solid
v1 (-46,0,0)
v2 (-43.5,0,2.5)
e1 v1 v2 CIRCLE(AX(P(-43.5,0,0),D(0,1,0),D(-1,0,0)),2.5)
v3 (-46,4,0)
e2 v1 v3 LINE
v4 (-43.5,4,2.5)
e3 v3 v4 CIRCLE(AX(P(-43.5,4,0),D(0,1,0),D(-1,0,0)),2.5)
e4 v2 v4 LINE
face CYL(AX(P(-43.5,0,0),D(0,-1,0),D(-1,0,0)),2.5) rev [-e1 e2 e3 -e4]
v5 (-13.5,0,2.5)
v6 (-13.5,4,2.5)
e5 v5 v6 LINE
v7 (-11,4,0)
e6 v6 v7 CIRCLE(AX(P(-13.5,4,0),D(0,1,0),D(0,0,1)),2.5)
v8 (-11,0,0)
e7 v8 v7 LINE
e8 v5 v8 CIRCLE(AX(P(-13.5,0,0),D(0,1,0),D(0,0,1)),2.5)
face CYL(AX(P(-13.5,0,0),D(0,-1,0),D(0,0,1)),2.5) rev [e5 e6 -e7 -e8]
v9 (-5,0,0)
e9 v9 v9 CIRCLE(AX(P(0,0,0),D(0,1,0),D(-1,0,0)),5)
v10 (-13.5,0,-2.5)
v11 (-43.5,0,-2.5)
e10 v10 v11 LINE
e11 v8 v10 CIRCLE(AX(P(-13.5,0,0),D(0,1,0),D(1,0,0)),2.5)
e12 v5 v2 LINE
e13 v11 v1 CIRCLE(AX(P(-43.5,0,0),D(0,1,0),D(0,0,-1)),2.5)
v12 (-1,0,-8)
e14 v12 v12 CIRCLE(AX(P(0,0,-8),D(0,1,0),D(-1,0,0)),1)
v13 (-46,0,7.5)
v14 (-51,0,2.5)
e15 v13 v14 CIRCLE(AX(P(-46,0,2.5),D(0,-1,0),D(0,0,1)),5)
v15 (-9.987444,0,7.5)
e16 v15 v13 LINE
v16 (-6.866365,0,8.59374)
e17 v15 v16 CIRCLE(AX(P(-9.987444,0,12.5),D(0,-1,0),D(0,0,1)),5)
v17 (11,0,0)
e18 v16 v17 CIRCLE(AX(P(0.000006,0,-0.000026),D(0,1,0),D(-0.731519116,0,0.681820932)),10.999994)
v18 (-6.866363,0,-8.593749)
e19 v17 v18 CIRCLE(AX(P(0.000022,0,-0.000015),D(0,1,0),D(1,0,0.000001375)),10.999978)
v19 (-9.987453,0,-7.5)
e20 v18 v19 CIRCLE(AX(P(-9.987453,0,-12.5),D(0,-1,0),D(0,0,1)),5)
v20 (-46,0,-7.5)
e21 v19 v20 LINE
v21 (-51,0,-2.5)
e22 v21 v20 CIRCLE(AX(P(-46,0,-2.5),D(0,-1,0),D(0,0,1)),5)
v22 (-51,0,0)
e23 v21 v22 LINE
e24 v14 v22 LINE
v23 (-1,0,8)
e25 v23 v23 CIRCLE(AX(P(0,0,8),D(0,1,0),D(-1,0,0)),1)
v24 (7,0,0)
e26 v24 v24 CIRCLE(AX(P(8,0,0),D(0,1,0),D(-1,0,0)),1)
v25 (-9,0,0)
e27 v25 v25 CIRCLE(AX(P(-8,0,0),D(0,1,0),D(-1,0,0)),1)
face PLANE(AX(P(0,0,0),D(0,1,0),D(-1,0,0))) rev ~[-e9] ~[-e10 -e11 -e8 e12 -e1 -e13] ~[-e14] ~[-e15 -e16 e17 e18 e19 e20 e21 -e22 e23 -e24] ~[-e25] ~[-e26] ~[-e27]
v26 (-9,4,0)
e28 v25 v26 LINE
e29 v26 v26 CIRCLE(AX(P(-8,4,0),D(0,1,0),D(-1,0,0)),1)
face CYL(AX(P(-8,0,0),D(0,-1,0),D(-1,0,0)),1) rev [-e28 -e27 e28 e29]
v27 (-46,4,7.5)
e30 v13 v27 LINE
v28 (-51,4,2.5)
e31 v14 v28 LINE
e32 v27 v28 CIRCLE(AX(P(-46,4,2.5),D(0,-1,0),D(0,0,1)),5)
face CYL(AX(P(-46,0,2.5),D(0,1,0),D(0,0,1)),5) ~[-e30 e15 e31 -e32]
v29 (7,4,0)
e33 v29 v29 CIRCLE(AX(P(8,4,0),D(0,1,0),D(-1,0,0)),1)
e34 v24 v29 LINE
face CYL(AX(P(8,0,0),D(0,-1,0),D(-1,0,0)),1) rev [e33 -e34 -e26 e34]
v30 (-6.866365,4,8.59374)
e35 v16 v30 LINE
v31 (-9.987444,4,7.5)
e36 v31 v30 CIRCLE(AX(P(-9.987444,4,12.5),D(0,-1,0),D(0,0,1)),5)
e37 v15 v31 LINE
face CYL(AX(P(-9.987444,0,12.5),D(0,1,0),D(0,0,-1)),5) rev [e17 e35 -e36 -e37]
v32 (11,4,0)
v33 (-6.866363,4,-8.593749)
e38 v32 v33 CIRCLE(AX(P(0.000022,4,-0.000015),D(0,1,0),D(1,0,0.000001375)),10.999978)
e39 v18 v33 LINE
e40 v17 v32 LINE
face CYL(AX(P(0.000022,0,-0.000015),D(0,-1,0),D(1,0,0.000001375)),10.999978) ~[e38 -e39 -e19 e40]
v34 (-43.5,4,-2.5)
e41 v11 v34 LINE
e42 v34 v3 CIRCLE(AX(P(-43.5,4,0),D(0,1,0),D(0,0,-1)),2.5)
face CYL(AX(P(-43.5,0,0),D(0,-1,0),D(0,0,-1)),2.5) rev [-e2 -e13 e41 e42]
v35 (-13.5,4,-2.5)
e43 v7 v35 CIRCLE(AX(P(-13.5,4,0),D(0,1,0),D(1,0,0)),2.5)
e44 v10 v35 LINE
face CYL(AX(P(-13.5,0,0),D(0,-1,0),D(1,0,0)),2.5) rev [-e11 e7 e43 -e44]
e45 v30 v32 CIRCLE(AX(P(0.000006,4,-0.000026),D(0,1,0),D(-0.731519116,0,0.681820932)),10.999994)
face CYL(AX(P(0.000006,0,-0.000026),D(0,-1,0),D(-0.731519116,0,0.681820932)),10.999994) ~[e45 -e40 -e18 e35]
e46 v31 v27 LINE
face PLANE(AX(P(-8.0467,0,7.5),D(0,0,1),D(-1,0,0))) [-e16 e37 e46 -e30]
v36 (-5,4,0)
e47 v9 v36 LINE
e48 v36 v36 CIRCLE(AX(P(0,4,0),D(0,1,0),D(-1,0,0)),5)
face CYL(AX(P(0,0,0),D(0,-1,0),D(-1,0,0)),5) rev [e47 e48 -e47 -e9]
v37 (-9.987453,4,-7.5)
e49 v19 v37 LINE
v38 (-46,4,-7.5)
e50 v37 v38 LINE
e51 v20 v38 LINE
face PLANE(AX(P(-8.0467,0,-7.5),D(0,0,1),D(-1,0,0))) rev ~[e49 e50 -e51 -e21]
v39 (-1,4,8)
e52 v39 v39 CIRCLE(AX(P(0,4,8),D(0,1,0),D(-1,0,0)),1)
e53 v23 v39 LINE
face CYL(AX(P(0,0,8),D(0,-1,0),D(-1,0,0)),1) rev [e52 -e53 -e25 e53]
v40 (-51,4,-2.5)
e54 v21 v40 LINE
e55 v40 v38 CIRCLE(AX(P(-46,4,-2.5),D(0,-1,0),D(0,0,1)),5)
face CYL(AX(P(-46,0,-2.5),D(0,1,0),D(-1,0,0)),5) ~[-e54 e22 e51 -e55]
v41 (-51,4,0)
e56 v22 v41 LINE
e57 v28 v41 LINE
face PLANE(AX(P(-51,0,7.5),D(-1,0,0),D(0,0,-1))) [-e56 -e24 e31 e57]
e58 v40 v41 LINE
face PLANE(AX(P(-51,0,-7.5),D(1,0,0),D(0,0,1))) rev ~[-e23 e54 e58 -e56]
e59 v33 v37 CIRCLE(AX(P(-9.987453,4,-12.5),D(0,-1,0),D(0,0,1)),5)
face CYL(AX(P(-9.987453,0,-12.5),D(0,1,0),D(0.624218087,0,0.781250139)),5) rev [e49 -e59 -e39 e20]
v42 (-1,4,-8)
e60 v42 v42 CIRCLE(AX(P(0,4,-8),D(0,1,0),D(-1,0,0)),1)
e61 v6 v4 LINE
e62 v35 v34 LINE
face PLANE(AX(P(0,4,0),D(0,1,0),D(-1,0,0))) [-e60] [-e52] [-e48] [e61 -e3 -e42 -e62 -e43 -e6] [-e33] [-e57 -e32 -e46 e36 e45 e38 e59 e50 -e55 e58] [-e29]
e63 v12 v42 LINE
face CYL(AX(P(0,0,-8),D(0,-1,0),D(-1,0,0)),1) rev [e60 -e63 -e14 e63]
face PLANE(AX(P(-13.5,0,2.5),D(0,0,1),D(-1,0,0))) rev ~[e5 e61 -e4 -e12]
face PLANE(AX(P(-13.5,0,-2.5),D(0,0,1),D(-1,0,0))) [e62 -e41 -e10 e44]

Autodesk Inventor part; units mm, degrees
ref_plane "YZ Plane" through (0, 0, 0) normal (1, 0, 0) x (0, 1, 0)
ref_plane "XZ Plane" through (0, 0, 0) normal (0, 1, 0) x (-1, 0, 0)
ref_plane "XY Plane" through (0, 0, 0) normal (0, 0, 1) x (1, 0, 0)
sketch "Esquisse1" plane through (0, 0, 0) normal (0, 1, 0) x (-1, 0, 0)
  circle A0 centre (8, 0) radius 1
  circle A1 centre (0, 8) radius 1
  circle A2 centre (-8, 0) radius 1
  circle A3 centre (0, -8) radius 1
  line L0 (0, 0) -> (-8, 0) construction
  circle A4 centre (0, 0) radius 11 construction
  line L1 (0, 0) -> (77, 0) construction
  line L2 (0, 0) -> (0, 2.5) construction
  line L3 (0, 2.5) -> (0, 7.5) construction
  line L4 (0, 7.5) -> (8.0467, 7.5) construction
  line L5 (0, 2.5) -> (10.7121, 2.5) construction
  line L6 (11, 0) -> (46, 0) construction
  line L7 (46, 0) -> (51, 0) construction
  line L8 (8.0467, 7.5) -> (51, 7.5)
  line L9 (51, 7.5) -> (51, 0)
  line L10 (10.7121, 2.5) -> (46, 2.5) construction
  line L11 (46, 2.5) -> (46, 0) construction
  line L12 (11, 0) -> (11, 2.5) construction
  arc A5 (8.0467, 7.5) -> (-11, 0) centre (0, 0) ccw
  line L13 (11, 0) -> (13.5, 0) construction
  line L14 (46, 0) -> (43.5, 0) construction
  arc A6 (13.5, 2.5) -> (11, 0) centre (13.5, 0) ccw
  arc A7 (46, 0) -> (43.5, 2.5) centre (43.5, 0) ccw
  line L15 (13.5, 2.5) -> (43.5, 2.5)
  line L16 (8.0467, -7.5) -> (51, -7.5)
  line L17 (51, -7.5) -> (51, 0)
  arc A8 (-11, 0) -> (8.0467, -7.5) centre (0, 0) ccw
  arc A9 (11, 0) -> (13.5, -2.5) centre (13.5, 0) ccw
  arc A10 (43.5, -2.5) -> (46, 0) centre (43.5, 0) ccw
  line L18 (13.5, -2.5) -> (43.5, -2.5)
  circle A11 centre (0, 0) radius 5
  dimension "d7" = 360
  dimension "d12" = 2
  dimension "d13" = 8
  dimension "d14" = 22
  dimension "d19" = 2.5
  dimension "d20" = 5
  dimension "d21" = 35
  dimension "d22" = 5
  dimension "d29" = 10
extrude "Extrusion2" add sketch "Esquisse1" along normal blind 4
fillet "Congé5" radius 5 1 edges at (-51, 2, 7.5)
fillet "Congé6" radius 5 1 edges at (-51, 2, -7.5)
fillet "Congé7" radius 5 1 edges at (-8.0467, 2, 7.5)
fillet "Congé8" radius 5 1 edges at (-8.0467, 2, -7.5)
properties part number "moving_arm"
